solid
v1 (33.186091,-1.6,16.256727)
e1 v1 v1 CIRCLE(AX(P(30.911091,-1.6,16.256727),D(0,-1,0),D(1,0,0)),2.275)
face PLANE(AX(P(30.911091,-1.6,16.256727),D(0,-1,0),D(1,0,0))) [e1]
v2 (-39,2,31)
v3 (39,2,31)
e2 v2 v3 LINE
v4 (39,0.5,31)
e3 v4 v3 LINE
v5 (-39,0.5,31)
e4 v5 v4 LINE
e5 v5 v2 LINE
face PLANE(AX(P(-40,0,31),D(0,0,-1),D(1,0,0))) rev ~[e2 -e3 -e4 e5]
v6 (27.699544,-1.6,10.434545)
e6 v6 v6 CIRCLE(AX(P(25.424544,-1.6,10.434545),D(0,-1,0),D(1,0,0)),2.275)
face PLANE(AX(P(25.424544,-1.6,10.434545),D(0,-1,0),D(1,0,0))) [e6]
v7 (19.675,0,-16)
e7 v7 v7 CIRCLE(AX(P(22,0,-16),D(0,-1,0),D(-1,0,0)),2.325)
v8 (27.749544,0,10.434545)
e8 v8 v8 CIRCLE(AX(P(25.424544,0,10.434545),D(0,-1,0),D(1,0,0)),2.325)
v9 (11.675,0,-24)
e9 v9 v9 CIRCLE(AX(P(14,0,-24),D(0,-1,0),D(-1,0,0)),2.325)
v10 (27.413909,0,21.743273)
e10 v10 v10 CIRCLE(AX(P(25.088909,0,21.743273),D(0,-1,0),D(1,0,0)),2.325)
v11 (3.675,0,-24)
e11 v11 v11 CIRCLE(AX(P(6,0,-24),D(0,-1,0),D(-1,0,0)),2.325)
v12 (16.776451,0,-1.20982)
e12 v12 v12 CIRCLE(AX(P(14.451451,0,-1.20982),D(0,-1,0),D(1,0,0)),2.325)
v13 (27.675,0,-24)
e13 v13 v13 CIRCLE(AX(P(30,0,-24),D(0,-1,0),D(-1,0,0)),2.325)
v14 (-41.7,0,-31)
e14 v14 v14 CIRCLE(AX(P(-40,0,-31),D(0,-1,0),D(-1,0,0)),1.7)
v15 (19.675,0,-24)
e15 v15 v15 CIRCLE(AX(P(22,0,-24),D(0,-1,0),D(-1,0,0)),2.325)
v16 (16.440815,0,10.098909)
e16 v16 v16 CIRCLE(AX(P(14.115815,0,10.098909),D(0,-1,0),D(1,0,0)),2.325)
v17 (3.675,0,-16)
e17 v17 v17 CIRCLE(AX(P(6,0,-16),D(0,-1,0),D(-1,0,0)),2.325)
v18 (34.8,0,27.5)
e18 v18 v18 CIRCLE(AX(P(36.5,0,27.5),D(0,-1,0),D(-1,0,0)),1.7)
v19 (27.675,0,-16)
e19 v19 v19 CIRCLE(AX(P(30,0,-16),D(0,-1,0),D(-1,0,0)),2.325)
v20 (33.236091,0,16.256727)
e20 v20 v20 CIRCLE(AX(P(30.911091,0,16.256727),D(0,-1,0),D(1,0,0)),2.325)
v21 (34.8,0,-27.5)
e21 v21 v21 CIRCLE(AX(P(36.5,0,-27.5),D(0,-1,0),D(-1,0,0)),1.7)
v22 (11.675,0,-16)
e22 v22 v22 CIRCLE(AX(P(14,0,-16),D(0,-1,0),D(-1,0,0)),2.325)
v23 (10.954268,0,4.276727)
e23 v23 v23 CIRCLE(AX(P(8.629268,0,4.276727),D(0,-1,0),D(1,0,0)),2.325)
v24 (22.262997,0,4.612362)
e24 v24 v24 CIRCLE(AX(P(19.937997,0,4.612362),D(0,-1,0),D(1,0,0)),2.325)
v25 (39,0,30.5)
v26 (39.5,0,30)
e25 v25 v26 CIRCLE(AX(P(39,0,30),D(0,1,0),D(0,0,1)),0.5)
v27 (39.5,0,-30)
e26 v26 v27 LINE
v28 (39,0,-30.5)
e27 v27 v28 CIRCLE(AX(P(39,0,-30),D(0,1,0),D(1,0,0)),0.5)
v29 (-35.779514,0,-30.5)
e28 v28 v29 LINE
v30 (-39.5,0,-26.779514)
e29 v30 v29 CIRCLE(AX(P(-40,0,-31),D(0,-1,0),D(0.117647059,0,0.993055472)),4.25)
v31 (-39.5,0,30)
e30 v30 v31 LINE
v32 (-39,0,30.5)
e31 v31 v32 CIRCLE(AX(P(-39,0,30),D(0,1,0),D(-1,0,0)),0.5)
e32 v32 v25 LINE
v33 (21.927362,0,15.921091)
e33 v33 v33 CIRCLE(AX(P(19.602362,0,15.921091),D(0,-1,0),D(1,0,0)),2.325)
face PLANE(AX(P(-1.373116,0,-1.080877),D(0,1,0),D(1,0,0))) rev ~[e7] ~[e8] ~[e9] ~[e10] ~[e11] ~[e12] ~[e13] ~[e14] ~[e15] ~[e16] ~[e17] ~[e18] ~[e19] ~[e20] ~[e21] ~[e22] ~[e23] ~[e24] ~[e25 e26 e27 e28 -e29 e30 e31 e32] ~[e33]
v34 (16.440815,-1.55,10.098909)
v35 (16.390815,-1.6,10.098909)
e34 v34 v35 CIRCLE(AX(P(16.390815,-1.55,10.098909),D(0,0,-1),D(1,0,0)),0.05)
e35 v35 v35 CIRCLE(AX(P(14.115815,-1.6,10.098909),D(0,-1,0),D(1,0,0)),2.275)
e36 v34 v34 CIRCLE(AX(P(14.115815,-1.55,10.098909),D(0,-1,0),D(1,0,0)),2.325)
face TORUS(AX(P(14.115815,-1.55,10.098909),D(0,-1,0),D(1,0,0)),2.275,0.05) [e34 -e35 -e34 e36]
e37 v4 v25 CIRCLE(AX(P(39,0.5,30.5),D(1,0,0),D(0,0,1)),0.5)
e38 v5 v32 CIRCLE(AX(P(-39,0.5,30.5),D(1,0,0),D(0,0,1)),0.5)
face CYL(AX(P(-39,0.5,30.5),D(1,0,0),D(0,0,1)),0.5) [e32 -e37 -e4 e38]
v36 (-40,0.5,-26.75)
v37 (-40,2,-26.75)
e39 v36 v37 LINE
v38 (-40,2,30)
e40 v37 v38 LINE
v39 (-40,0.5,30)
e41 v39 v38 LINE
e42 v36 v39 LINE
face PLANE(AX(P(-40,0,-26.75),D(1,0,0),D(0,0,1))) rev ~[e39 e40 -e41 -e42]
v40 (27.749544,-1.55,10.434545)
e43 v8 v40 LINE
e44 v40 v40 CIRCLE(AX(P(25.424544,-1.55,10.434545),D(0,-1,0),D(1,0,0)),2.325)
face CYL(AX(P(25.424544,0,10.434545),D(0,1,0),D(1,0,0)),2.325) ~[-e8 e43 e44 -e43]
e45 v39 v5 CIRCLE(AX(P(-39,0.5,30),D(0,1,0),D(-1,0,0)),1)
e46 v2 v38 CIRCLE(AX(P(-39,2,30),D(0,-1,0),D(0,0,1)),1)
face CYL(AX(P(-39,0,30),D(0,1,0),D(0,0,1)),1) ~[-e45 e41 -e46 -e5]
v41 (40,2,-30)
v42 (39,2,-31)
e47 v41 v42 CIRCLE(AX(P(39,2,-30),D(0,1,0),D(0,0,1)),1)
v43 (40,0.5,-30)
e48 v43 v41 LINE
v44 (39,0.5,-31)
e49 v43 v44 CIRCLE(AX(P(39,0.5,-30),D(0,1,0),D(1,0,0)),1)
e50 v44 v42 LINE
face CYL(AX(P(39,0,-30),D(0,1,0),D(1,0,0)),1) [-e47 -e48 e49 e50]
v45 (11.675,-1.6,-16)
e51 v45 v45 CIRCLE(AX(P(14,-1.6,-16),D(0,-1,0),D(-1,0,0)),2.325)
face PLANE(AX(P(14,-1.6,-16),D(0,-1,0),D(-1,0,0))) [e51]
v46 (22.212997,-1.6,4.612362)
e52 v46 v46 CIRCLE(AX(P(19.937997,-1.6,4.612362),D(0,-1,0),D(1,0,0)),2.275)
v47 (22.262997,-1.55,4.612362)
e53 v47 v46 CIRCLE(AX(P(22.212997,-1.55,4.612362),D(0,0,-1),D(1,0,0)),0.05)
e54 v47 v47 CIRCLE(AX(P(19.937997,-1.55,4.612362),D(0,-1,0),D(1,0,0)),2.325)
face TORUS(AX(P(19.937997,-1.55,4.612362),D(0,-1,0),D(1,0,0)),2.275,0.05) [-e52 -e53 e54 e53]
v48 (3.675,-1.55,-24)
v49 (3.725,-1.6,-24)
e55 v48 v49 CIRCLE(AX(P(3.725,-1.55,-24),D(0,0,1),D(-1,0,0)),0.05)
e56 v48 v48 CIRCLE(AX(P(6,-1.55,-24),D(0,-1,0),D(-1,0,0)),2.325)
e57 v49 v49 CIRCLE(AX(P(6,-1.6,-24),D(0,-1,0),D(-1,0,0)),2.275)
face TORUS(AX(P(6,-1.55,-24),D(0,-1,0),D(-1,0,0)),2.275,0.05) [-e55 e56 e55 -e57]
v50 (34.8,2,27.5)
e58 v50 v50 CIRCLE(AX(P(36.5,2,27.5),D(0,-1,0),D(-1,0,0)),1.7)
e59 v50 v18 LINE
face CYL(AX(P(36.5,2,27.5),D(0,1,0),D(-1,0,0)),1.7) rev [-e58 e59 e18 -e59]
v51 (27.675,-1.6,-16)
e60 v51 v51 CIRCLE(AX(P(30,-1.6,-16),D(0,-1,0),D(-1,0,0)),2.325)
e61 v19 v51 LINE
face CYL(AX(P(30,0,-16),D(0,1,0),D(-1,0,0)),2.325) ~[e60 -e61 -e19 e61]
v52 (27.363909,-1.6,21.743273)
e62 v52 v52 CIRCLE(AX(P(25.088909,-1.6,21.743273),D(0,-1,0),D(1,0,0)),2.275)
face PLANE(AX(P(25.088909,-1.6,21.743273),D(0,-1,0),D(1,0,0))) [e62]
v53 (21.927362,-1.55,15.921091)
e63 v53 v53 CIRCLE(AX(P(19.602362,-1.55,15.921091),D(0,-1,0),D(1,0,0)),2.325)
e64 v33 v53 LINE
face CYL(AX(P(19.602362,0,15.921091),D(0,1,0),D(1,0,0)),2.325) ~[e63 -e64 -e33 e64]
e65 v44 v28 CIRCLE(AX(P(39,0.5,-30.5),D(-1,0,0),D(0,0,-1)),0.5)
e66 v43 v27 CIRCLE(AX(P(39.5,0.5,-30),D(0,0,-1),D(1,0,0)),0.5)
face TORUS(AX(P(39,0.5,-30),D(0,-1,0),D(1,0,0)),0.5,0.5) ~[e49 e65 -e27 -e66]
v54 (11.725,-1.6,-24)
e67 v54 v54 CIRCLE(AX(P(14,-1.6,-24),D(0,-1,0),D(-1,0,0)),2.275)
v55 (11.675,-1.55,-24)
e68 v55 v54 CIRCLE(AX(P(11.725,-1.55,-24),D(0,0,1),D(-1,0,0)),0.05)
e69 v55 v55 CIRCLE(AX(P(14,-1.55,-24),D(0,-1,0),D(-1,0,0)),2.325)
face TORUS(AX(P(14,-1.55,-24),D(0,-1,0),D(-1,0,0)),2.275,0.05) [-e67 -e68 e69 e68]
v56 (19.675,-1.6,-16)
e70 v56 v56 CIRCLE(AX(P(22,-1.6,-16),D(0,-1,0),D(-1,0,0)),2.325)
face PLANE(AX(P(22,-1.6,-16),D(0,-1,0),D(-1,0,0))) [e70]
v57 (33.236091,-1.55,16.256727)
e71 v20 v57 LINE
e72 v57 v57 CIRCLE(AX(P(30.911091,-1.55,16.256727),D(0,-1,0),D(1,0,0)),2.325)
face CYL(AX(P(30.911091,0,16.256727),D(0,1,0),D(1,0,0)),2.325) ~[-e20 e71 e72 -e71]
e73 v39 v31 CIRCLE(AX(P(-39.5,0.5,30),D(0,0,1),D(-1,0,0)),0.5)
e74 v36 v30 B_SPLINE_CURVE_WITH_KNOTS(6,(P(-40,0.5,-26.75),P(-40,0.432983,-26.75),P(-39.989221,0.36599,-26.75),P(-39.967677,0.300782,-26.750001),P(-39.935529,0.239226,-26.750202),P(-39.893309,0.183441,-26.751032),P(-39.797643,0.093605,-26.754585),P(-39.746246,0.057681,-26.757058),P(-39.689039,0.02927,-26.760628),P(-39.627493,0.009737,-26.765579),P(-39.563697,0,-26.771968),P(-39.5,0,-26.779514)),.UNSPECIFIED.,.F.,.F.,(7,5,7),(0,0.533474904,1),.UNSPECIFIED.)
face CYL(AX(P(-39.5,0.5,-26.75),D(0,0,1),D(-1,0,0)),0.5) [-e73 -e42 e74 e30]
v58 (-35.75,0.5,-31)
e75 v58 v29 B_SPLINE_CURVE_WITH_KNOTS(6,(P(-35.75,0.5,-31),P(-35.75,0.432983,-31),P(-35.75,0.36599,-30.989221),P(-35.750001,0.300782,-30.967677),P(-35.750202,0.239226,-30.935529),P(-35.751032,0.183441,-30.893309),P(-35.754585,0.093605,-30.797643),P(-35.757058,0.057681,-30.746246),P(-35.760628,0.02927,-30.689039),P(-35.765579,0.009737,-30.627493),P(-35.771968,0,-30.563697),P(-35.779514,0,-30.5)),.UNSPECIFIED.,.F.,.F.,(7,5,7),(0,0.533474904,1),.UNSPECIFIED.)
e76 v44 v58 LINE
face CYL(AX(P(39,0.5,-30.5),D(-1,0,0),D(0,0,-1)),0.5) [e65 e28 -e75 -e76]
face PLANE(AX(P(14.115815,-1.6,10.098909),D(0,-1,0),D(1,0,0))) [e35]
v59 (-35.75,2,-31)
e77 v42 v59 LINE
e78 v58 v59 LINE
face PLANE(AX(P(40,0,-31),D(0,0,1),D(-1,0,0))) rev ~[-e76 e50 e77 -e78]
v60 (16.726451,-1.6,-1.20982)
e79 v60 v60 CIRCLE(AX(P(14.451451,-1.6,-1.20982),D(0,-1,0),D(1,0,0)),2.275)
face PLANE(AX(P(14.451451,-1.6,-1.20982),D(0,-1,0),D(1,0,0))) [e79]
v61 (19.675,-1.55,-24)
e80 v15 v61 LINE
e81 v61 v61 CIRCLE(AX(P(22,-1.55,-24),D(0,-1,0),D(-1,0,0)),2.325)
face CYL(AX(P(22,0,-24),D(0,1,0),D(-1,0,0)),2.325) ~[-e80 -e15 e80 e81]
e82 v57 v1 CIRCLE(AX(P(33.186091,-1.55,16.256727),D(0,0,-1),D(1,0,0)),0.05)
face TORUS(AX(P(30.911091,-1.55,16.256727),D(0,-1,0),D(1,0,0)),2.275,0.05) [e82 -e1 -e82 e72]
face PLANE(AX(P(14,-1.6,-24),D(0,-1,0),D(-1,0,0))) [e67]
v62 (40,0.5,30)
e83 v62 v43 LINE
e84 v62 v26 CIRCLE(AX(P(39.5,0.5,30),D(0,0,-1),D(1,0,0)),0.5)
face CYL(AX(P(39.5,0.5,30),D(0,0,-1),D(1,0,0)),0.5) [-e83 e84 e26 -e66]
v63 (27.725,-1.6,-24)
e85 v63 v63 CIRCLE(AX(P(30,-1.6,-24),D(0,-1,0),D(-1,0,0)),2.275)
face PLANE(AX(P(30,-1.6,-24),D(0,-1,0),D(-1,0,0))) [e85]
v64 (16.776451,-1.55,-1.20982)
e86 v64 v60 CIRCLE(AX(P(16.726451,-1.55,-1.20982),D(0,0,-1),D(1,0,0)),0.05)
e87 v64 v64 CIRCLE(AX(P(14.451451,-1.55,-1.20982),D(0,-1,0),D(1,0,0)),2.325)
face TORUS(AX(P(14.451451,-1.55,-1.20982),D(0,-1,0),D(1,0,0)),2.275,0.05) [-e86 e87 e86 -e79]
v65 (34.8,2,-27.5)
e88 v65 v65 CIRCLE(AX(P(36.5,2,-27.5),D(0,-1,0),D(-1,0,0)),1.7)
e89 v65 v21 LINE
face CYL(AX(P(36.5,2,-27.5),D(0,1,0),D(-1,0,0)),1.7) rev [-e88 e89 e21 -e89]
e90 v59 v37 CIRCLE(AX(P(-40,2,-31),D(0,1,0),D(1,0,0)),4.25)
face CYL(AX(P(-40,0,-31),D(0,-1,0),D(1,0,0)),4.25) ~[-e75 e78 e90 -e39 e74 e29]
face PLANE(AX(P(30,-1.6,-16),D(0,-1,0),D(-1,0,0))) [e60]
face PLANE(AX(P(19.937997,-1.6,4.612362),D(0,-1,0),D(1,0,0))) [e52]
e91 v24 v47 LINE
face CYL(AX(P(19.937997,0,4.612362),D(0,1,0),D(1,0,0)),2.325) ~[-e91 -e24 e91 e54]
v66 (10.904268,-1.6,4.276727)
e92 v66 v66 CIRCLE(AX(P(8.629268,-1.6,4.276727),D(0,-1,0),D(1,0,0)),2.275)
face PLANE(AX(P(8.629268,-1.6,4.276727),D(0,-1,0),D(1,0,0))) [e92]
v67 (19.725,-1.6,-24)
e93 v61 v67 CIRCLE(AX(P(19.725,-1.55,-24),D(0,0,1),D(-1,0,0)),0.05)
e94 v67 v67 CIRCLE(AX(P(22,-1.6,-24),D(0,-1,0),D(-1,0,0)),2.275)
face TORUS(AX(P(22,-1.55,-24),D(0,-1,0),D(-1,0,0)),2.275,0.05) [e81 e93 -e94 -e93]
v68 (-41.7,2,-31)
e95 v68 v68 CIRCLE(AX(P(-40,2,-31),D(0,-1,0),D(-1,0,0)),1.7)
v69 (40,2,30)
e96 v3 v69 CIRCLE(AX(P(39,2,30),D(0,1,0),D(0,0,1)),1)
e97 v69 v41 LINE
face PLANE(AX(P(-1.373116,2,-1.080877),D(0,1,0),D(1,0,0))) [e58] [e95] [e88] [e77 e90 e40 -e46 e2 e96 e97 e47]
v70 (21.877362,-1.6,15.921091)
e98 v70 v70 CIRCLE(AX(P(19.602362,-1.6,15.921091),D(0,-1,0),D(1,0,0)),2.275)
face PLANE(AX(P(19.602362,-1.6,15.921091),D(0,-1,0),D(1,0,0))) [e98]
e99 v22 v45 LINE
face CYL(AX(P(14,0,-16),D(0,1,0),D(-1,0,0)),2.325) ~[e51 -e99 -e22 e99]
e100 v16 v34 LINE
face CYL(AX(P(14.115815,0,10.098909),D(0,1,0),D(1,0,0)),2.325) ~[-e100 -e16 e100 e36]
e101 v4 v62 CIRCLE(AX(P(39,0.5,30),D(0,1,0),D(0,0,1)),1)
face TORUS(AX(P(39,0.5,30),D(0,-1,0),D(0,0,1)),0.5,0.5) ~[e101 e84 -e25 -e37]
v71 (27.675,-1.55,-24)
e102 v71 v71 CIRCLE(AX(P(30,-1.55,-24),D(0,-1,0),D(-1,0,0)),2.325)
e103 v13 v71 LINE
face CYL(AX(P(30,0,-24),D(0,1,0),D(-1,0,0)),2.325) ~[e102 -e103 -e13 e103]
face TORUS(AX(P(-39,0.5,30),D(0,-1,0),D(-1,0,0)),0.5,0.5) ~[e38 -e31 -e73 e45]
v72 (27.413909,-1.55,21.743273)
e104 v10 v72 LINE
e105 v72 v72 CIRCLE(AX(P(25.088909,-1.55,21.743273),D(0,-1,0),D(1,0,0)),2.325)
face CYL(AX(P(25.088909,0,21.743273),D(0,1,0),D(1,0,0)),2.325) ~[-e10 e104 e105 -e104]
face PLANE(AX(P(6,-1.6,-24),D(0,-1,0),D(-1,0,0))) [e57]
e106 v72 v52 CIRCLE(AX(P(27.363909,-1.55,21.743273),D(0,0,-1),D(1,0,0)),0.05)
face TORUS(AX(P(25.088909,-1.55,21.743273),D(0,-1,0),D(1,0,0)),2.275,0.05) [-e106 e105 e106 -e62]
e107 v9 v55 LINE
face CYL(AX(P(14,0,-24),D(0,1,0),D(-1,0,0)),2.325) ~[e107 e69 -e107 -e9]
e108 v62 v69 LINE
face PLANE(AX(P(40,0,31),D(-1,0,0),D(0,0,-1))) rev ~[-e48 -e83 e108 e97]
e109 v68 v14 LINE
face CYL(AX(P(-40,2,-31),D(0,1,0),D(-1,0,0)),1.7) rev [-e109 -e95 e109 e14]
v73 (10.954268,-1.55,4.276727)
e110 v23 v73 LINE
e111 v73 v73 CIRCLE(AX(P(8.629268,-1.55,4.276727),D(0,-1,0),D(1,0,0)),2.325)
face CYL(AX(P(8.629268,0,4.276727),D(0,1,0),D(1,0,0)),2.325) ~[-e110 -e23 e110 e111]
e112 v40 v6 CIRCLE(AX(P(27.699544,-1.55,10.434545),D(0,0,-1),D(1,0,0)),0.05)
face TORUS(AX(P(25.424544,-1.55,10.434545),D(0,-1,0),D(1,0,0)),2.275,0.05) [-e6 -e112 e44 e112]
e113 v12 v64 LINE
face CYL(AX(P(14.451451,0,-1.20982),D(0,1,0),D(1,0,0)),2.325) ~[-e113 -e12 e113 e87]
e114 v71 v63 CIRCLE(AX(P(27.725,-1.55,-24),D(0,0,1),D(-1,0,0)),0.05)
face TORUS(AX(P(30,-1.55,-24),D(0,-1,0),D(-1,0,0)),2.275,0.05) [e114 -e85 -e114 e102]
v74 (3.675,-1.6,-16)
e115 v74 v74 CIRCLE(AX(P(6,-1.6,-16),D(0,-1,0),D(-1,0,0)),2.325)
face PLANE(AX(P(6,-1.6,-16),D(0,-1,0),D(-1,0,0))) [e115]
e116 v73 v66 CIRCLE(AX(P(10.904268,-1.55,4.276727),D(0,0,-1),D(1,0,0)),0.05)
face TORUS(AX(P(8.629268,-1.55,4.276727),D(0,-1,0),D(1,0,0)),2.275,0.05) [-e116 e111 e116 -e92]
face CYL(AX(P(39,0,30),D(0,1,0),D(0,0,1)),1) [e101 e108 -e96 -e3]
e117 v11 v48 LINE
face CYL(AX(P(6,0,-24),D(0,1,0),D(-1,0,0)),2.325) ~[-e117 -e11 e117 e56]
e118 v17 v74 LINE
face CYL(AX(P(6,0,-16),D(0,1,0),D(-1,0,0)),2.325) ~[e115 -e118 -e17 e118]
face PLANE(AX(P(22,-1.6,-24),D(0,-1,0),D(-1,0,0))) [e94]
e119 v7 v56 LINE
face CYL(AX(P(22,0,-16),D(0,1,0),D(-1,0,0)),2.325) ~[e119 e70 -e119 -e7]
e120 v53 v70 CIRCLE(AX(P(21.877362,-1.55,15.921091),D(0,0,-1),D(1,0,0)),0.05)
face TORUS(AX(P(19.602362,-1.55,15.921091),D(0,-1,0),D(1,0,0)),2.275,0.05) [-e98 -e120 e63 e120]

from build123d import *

# Parameters (mm, degrees)
MAIN_BODY_DEPTH                          = 2
CORNERS_R                                = 1
EDGE_2_R                                 = 0.5
LID_START                                = -2
SKETCH7_R                                = 1.7
LID_HOLES_DEPTH                          = 2
SKETCH4_R                                = 2.325
BOSS_EXTRUDE3_DEPTH                      = 1.6
FILLET3_R                                = 0.05
LPATTERN5_COUNT                          = 4
LPATTERN5_PITCH                          = 8
FILLET3_OF_LPATTERN5_R                   = 0.05
SKETCH9_R                                = 2.325
LEGO_PEGS_DEPTH                          = 1.6
SOFTEN_3D_PRINTED_CORNERS_R              = 0.05
LPATTERN6_COUNT                          = 4
LPATTERN6_PITCH                          = 8
SOFTEN_3D_PRINTED_CORNERS_OF_LPATTERN6_R = 0.05


with BuildPart() as part:
    # Sketch1 → Main Body (new body)
    with BuildSketch(Plane(origin=(0, 0, 0), x_dir=(1, 0, 0), z_dir=(0, 1, 0))):
        with BuildLine():
            Line((-40, -31), (40, -31))
            Line((40, -31), (40, 31))
            Line((40, 31), (-35.75, 31))
            ThreePointArc((-35.75, 31), (-43.00520382, 34.00520382), (-40, 26.75))
            Line((-40, 26.75), (-40, -31))
        make_face()
    extrude(amount=MAIN_BODY_DEPTH)

    # Corners
    corners_edges = [part.edges().sort_by_distance(p)[0] for p in [
        (40, 1, 31),
        (-40, 1, 31),
        (40, 1, -31),
    ]]
    fillet(corners_edges, radius=CORNERS_R)

    # Edge 2
    edge_2_edges = [part.edges().sort_by_distance(p)[0] for p in [
        (0, 0, 31),
        (40, 0, 0),
        (1.625, 0, -31),
        (39.707106781, 0, 30.707106781),
        (39.707106781, 0, -30.707106781),
        (-39.707106781, 0, 30.707106781),
        (-40, 0, 1.625),
    ]]
    fillet(edge_2_edges, radius=EDGE_2_R)

    # Sketch7 → Lid Holes (cut)
    with BuildSketch(Plane(origin=(0, 0, 0), x_dir=(-1, 0, 0), z_dir=(0, -1, 0)).offset(LID_START)):
        with Locations((40, 31)):
            Circle(SKETCH7_R)
        with Locations((-36.5, -27.5)):
            Circle(SKETCH7_R)
        with Locations((-36.5, 27.5)):
            Circle(SKETCH7_R)
    extrude(amount=LID_HOLES_DEPTH, mode=Mode.SUBTRACT)

    # Sketch4 → Boss-Extrude3 (add)
    with BuildSketch(Plane(origin=(0, 0, 0), x_dir=(-1, 0, 0), z_dir=(0, -1, 0))):
        with Locations((-30, 24)):
            Circle(SKETCH4_R)
        with Locations((-30, 16)):
            Circle(SKETCH4_R)
    boss_extrude3 = extrude(amount=BOSS_EXTRUDE3_DEPTH)

    # Fillet3
    fillet3_edges = [part.edges().sort_by_distance(p)[0] for p in [
        (32.325, -1.6, -24),
    ]]
    fillet(fillet3_edges, radius=FILLET3_R)

    # LPattern5: Boss-Extrude3 ×4
    with Locations(*[(-i * LPATTERN5_PITCH, 0, 0) for i in range(1, LPATTERN5_COUNT)]):
        add(boss_extrude3)

    # Fillet3 of LPattern5
    fillet3_of_lpattern5_edges = [part.edges().sort_by_distance(p)[0] for p in [
        (24.325, -1.6, -24),
        (16.325, -1.6, -24),
        (8.325, -1.6, -24),
    ]]
    fillet(fillet3_of_lpattern5_edges, radius=FILLET3_OF_LPATTERN5_R)

    # Sketch9 → LEGO Pegs (add)
    with BuildSketch(Plane.XZ):
        with Locations((30.911091031, 16.256726588)):
            Circle(SKETCH9_R)
        with Locations((25.088908969, 21.743273412)):
            Circle(SKETCH9_R)
    lego_pegs = extrude(amount=LEGO_PEGS_DEPTH)

    # Soften 3D printed corners
    soften_3d_printed_corners_edges = [part.edges().sort_by_distance(p)[0] for p in [
        (28.586091031, -1.6, 16.256726588),
        (22.763908969, -1.6, 21.743273412),
    ]]
    fillet(soften_3d_printed_corners_edges, radius=SOFTEN_3D_PRINTED_CORNERS_R)

    # LPattern6: LEGO Pegs ×4
    with Locations(*[Vector(-0.685818353, 0, -0.727772758) * (i * LPATTERN6_PITCH) for i in range(1, LPATTERN6_COUNT)]):
        add(lego_pegs)

    # Soften 3D printed corners of LPattern6
    soften_3d_printed_corners_of_lpattern6_edges = [part.edges().sort_by_distance(p)[0] for p in [
        (23.099544207, -1.6, 10.434544527),
        (17.277362146, -1.6, 15.92109135),
        (17.612997384, -1.6, 4.612362466),
        (11.790815323, -1.6, 10.098909289),
        (12.12645056, -1.6, -1.209819595),
        (6.304268499, -1.6, 4.276727228),
    ]]
    fillet(soften_3d_printed_corners_of_lpattern6_edges, radius=SOFTEN_3D_PRINTED_CORNERS_OF_LPATTERN6_R)


solid = part.part
